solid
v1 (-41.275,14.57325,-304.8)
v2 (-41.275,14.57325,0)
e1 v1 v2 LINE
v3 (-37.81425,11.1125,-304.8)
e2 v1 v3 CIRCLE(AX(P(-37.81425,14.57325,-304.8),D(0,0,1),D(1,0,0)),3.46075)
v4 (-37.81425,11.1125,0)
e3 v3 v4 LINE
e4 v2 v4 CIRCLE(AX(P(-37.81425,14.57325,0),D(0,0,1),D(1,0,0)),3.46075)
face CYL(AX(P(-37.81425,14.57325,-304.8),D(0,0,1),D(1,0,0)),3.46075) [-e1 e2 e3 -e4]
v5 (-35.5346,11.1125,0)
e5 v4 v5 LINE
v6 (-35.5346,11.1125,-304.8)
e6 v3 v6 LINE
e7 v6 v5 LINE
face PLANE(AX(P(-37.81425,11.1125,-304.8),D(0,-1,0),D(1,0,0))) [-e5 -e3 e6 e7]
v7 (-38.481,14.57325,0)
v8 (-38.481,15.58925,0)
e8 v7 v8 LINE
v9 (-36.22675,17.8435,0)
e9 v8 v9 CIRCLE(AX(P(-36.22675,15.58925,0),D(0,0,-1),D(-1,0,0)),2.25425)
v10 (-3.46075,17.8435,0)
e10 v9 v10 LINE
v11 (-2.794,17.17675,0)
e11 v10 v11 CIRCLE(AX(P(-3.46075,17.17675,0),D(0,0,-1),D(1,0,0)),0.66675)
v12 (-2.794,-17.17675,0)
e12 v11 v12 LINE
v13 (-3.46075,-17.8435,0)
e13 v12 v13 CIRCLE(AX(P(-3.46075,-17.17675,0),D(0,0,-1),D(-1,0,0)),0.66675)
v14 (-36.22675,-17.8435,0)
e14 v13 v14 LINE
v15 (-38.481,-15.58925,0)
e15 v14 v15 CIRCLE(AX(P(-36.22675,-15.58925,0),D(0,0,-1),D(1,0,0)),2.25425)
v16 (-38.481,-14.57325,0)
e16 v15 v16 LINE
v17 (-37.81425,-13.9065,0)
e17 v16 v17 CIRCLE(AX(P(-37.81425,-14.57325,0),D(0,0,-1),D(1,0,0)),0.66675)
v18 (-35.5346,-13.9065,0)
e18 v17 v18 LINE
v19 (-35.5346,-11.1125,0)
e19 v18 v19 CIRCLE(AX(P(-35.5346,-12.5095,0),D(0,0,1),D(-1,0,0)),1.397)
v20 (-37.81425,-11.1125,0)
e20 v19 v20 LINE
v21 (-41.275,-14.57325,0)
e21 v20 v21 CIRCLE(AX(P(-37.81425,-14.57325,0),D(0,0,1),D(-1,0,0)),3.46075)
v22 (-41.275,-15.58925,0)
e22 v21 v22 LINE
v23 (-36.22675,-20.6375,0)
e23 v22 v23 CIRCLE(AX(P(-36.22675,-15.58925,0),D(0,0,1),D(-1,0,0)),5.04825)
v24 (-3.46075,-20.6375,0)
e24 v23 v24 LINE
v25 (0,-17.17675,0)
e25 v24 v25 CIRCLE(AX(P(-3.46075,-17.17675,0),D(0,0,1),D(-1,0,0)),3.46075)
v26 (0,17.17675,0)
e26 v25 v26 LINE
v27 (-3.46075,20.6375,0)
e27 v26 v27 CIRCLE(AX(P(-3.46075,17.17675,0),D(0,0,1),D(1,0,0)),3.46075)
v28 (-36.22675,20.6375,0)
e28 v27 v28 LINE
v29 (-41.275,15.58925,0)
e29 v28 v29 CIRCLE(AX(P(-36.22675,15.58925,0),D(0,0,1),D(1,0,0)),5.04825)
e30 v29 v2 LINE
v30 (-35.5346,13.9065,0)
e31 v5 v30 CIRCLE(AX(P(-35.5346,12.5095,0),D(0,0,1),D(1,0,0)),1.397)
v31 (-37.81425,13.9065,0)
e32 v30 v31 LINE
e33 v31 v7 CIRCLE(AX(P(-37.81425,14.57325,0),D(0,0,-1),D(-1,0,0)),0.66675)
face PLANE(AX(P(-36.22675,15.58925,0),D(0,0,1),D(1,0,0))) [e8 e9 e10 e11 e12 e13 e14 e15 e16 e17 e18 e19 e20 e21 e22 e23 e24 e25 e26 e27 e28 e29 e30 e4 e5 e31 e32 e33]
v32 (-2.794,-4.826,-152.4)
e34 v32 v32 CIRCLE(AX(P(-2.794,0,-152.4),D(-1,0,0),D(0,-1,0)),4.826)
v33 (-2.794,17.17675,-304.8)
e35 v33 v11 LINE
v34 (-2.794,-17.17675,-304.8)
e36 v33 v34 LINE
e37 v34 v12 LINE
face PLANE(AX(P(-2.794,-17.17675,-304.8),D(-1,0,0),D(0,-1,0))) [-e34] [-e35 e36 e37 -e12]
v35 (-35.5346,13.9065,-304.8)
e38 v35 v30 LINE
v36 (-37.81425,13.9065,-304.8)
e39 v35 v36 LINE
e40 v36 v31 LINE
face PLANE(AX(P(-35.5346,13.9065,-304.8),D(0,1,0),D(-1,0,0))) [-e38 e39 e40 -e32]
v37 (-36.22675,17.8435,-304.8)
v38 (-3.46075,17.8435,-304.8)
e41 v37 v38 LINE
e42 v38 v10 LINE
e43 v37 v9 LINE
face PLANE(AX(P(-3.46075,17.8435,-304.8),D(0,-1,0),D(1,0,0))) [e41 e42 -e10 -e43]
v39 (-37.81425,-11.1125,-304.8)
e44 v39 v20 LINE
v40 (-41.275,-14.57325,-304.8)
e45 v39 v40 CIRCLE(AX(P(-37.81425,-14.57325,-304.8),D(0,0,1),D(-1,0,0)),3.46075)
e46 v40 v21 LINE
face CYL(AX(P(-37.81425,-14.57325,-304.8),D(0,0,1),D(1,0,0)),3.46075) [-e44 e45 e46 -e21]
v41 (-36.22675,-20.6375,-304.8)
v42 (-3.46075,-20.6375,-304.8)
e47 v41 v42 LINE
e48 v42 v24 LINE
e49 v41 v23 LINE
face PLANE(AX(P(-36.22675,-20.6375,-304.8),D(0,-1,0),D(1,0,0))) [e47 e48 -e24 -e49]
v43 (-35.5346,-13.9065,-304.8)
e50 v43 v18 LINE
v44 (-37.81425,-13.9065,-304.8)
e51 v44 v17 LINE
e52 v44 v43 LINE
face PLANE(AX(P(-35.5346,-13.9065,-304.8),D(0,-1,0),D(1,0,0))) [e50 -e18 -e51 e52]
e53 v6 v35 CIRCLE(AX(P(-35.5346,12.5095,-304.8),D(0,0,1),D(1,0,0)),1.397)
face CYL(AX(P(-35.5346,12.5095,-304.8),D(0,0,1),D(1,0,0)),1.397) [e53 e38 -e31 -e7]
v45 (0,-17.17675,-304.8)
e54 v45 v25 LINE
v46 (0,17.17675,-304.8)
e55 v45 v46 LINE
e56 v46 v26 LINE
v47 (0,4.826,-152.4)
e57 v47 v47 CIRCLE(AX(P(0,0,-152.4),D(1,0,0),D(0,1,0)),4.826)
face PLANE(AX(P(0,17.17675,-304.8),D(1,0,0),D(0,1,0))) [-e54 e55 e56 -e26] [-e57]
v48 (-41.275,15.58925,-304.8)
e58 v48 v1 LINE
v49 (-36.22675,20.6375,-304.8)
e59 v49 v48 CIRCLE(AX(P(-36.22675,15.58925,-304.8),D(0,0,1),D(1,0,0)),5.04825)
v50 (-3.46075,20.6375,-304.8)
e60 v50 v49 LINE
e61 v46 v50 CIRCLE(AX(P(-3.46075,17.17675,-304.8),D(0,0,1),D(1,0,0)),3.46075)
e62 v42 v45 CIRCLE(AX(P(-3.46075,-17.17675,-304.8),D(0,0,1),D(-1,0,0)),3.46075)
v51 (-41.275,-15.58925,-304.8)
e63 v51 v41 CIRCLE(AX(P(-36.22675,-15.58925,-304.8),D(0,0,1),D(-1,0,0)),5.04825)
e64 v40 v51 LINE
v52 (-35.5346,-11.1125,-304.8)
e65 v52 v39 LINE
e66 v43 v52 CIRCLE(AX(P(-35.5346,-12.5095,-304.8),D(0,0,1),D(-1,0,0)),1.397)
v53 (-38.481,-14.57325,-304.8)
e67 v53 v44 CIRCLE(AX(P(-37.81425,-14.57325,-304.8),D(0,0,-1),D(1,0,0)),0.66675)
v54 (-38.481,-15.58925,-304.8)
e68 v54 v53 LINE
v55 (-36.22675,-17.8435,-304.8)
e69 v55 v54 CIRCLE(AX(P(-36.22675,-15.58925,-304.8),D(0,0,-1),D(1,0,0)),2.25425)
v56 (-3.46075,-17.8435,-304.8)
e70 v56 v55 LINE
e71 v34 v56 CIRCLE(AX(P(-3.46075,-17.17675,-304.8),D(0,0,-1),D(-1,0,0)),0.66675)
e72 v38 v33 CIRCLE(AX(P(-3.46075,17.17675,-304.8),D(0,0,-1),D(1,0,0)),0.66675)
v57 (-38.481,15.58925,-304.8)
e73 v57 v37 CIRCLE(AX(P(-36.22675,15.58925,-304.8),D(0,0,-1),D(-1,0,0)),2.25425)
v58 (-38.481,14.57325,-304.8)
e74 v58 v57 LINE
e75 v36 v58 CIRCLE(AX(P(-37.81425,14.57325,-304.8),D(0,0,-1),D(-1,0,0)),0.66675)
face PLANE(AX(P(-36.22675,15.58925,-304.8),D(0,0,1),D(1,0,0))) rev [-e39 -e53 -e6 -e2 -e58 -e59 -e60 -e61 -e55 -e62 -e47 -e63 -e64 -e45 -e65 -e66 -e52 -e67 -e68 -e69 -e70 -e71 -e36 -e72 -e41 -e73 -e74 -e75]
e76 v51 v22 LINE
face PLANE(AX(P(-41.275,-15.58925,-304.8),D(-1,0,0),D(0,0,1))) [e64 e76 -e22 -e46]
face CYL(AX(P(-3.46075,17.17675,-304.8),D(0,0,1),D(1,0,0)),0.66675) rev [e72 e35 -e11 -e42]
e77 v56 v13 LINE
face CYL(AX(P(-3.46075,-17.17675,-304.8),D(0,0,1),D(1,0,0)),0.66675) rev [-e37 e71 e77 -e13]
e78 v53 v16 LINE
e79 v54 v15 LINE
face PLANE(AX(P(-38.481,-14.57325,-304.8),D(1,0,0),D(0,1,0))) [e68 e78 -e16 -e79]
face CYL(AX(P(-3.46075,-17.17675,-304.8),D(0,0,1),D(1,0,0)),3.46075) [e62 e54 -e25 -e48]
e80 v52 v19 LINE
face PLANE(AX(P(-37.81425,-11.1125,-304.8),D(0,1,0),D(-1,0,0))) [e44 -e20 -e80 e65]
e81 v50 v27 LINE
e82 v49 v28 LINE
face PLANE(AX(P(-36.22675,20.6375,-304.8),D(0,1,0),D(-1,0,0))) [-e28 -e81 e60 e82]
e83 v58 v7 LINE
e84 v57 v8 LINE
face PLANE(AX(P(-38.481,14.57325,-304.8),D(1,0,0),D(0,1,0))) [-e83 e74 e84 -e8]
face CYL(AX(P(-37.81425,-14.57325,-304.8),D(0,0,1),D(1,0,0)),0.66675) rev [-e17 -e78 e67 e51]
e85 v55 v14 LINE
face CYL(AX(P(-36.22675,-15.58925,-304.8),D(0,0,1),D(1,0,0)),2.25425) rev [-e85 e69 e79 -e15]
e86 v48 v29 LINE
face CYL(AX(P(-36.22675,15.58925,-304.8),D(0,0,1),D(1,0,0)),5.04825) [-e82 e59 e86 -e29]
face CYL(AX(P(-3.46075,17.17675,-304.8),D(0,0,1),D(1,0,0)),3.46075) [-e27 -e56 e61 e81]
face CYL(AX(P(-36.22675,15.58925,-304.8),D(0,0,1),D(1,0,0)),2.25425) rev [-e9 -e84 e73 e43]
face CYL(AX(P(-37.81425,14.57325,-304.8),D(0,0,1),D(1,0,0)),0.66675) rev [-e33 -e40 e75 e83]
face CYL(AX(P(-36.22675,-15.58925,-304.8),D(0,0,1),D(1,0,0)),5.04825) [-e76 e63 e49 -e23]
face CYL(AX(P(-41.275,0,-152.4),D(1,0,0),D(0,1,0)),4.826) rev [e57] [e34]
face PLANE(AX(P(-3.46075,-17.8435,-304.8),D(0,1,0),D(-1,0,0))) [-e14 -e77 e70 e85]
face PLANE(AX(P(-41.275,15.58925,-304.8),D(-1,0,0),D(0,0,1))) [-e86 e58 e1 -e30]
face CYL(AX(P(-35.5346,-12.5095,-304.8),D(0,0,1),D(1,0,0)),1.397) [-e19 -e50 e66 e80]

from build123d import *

# Parameters (mm, degrees)
BOSS_EXTRUDE1_DEPTH = 304.8
SKETCH4_R           = 4.826
CUT_EXTRUDE1_DEPTH  = 309.273534432


with BuildPart() as part:
    # Sketch1 → Boss-Extrude1 (new body)
    with BuildSketch(Plane.XY):
        with BuildLine():
            Line((-36.22675, 20.6375), (-3.46075, 20.6375))
            ThreePointArc((-3.46075, 20.6375), (-1.013630207, 19.623869793), (0, 17.17675))
            Line((0, 17.17675), (0, -17.17675))
            ThreePointArc((0, -17.17675), (-1.013630207, -19.623869793), (-3.46075, -20.6375))
            Line((-3.46075, -20.6375), (-36.22675, -20.6375))
            ThreePointArc((-36.22675, -20.6375), (-39.796401808, -19.158901808), (-41.275, -15.58925))
            Line((-41.275, -15.58925), (-41.275, -14.57325))
            ThreePointArc((-41.275, -14.57325), (-40.261369793, -12.126130207), (-37.81425, -11.1125))
            Line((-37.81425, -11.1125), (-35.5346, -11.1125))
            ThreePointArc((-35.5346, -11.1125), (-34.1376, -12.5095), (-35.5346, -13.9065))
            Line((-35.5346, -13.9065), (-37.81425, -13.9065))
            ThreePointArc((-37.81425, -13.9065), (-38.285713446, -14.101786554), (-38.481, -14.57325))
            Line((-38.481, -14.57325), (-38.481, -15.58925))
            ThreePointArc((-38.481, -15.58925), (-37.820745461, -17.183245461), (-36.22675, -17.8435))
            Line((-36.22675, -17.8435), (-3.46075, -17.8435))
            ThreePointArc((-3.46075, -17.8435), (-2.989286554, -17.648213446), (-2.794, -17.17675))
            Line((-2.794, -17.17675), (-2.794, 17.17675))
            ThreePointArc((-2.794, 17.17675), (-2.989286554, 17.648213446), (-3.46075, 17.8435))
            Line((-3.46075, 17.8435), (-36.22675, 17.8435))
            ThreePointArc((-36.22675, 17.8435), (-37.820745461, 17.183245461), (-38.481, 15.58925))
            Line((-38.481, 15.58925), (-38.481, 14.57325))
            ThreePointArc((-38.481, 14.57325), (-38.285713446, 14.101786554), (-37.81425, 13.9065))
            Line((-37.81425, 13.9065), (-35.5346, 13.9065))
            ThreePointArc((-35.5346, 13.9065), (-34.1376, 12.5095), (-35.5346, 11.1125))
            Line((-35.5346, 11.1125), (-37.81425, 11.1125))
            ThreePointArc((-37.81425, 11.1125), (-40.261369793, 12.126130207), (-41.275, 14.57325))
            Line((-41.275, 14.57325), (-41.275, 15.58925))
            ThreePointArc((-41.275, 15.58925), (-39.796401808, 19.158901808), (-36.22675, 20.6375))
        make_face()
    extrude(amount=-BOSS_EXTRUDE1_DEPTH)

    # Sketch4 → Cut-Extrude1 (cut, through all)
    with BuildSketch(Plane(origin=(0, 0, 0), x_dir=(0, 0, -1), z_dir=(1, 0, 0))):
        with Locations(Location((152.4, 0, 0), (0, 0, 90))):
            Circle(SKETCH4_R)
    extrude(amount=-CUT_EXTRUDE1_DEPTH, mode=Mode.SUBTRACT)


solid = part.part
